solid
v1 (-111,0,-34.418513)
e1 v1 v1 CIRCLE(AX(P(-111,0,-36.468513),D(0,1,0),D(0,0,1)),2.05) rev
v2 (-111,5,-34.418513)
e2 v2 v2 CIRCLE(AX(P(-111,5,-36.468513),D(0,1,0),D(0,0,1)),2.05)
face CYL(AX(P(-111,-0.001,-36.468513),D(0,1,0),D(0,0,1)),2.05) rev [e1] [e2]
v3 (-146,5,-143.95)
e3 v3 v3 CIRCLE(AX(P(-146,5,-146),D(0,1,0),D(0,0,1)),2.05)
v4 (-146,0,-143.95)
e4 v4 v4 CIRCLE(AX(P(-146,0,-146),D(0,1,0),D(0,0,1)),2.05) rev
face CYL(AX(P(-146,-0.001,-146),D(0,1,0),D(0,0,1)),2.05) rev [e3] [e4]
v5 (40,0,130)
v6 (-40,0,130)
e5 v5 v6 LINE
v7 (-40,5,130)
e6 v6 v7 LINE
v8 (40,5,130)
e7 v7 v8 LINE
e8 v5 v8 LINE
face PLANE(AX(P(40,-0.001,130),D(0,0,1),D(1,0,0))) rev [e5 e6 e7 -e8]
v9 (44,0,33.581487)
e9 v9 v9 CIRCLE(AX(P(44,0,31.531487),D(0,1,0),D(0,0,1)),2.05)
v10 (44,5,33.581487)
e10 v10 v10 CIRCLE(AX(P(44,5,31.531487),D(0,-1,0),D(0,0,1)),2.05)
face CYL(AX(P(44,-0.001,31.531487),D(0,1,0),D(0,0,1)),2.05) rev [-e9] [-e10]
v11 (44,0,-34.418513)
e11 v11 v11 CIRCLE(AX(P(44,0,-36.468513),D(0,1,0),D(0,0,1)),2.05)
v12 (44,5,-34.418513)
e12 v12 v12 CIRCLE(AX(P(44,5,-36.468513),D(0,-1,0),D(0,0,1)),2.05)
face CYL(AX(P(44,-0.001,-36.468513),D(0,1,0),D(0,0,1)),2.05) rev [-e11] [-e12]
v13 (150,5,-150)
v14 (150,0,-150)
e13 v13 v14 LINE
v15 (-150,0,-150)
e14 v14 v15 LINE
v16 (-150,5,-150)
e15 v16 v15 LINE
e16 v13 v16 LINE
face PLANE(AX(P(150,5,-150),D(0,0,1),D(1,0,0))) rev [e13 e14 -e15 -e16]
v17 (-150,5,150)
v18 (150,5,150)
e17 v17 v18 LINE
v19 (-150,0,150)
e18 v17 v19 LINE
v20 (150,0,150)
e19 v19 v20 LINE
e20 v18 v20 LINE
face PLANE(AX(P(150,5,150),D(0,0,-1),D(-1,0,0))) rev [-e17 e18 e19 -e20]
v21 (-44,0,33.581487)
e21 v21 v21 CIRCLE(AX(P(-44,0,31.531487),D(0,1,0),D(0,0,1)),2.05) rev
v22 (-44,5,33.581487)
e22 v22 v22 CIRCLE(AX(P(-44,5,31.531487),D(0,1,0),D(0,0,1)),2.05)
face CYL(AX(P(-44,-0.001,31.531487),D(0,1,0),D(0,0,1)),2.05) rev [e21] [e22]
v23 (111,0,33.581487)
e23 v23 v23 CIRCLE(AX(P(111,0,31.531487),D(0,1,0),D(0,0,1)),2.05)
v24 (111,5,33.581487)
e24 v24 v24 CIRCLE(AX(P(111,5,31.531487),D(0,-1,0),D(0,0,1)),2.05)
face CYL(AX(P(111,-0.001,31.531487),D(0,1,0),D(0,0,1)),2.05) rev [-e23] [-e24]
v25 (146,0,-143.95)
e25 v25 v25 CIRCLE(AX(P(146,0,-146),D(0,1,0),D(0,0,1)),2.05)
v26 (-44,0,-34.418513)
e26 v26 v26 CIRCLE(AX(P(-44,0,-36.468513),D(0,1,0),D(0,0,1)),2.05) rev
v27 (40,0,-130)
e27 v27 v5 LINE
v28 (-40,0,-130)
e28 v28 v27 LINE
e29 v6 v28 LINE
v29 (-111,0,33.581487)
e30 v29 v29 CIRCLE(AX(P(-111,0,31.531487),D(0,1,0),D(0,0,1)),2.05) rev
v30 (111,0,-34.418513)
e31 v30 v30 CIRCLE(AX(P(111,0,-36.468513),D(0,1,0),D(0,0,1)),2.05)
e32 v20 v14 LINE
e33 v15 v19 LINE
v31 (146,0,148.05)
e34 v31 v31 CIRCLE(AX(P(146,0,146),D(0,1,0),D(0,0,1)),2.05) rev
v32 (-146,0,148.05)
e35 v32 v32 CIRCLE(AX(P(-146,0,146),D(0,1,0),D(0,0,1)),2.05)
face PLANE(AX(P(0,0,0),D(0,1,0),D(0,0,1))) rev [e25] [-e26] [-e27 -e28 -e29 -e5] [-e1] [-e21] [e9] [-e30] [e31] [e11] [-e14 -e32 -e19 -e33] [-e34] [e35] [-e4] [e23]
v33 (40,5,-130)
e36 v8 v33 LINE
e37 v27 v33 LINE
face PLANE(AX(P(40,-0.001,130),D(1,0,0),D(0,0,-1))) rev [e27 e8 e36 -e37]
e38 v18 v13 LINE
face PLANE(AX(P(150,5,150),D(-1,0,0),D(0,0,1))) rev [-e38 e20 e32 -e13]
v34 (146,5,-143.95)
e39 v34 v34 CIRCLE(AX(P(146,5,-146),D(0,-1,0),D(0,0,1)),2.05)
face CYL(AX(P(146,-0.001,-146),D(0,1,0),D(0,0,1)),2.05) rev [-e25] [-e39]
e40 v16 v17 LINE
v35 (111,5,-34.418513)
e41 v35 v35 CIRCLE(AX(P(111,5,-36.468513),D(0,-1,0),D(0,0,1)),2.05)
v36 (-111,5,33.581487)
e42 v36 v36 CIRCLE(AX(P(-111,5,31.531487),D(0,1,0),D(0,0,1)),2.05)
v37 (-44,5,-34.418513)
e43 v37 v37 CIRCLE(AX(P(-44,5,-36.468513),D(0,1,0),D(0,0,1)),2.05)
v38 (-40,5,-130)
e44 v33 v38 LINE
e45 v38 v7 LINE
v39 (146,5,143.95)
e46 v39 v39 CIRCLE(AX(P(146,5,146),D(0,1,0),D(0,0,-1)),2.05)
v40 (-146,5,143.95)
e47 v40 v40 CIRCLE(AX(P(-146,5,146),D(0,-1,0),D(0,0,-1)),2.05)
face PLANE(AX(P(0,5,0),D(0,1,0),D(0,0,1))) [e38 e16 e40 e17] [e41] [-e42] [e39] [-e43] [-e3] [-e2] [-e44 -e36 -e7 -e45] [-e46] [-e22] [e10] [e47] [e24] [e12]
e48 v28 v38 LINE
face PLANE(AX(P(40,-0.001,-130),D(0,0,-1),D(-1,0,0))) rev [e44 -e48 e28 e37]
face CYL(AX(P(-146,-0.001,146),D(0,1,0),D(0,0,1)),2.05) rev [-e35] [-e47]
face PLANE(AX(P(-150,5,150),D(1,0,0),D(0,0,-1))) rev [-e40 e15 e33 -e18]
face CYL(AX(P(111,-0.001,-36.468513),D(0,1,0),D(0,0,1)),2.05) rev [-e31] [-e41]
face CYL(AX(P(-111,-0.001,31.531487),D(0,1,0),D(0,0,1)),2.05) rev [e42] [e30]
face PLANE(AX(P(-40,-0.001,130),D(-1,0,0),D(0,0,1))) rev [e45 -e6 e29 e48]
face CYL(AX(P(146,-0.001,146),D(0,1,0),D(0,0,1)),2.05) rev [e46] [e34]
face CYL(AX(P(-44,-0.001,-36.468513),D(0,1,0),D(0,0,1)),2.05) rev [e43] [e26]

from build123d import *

# Parameters (mm, degrees)
SKETCH1_W                                  = 300
SKETCH1_H                                  = 300
BOSS_EXTRUDE1_DEPTH                        = 5
CUT_EXTRUDE1_REACH                         = 214.191
SKETCH2_R                                  = 2.05
MIRROR1_AT_THE_SECOND_PLANE_COPY_1_REACH   = 214.191
MIRROR1_AT_THE_SECOND_PLANE_COPY_1_SKETC_R = 2.05
CUT_EXTRUDE2_REACH                         = 214.191
SKETCH3_W                                  = 80
SKETCH3_H                                  = 260
CUT_EXTRUDE3_REACH                         = 214.191
SKETCH4_R                                  = 2.05


with BuildPart() as part:
    # Sketch1 → Boss-Extrude1 (new body)
    with BuildSketch(Plane(origin=(0, 0, 0), x_dir=(1, 0, 0), z_dir=(0, 1, 0))):
        Rectangle(SKETCH1_W, SKETCH1_H)
    extrude(amount=BOSS_EXTRUDE1_DEPTH)

    # Sketch2 → Cut-Extrude1 (cut, up to next)
    with BuildSketch(Plane(origin=(0, 5, 0), x_dir=(1, 0, 0), z_dir=(0, 1, 0)), mode=Mode.PRIVATE) as cut_extrude1_sk1:
        with Locations(Location((-146, 146, 0), (0, 0, 270))):
            Circle(SKETCH2_R)
    cut_extrude1_tool1 = extrude(cut_extrude1_sk1.sketch, amount=-CUT_EXTRUDE1_REACH, mode=Mode.PRIVATE) & part.part
    cut_extrude1 = cut_extrude1_tool1.solids().sort_by_distance((-146, 5, -146))[0]
    add(cut_extrude1, mode=Mode.SUBTRACT)

    # Mirror1: Cut-Extrude1 across plane
    add(cut_extrude1.mirror(Plane(origin=(0, 0, 0), x_dir=(0, 0, 1), z_dir=(1, 0, 0))), mode=Mode.SUBTRACT)

    # Mirror1 at the second plane: Cut-Extrude1 across plane
    add(cut_extrude1.mirror(Plane.XY), mode=Mode.SUBTRACT)

    # Mirror1 at the second plane copy 1 sketc → Mirror1 at the second plane copy 1 (cut, up to next)
    with BuildSketch(Plane(origin=(0, 5, 0), x_dir=(-1, 0, 0), z_dir=(0, 1, 0)), mode=Mode.PRIVATE) as mirror1_at_the_second_plane_copy_1_sk1:
        with Locations(Location((-146, 146, 0), (0, 0, 270))):
            Circle(MIRROR1_AT_THE_SECOND_PLANE_COPY_1_SKETC_R)
    mirror1_at_the_second_plane_copy_1_tool1 = extrude(mirror1_at_the_second_plane_copy_1_sk1.sketch, amount=-MIRROR1_AT_THE_SECOND_PLANE_COPY_1_REACH, mode=Mode.PRIVATE) & part.part
    add(mirror1_at_the_second_plane_copy_1_tool1.solids().sort_by_distance((146, 5, 146))[0], mode=Mode.SUBTRACT)

    # Sketch3 → Cut-Extrude2 (cut, up to next)
    with BuildSketch(Plane(origin=(0, 5, 0), x_dir=(1, 0, 0), z_dir=(0, 1, 0)), mode=Mode.PRIVATE) as cut_extrude2_sk1:
        Rectangle(SKETCH3_W, SKETCH3_H)
    cut_extrude2_tool1 = extrude(cut_extrude2_sk1.sketch, amount=-CUT_EXTRUDE2_REACH, mode=Mode.PRIVATE) & part.part
    add(cut_extrude2_tool1.solids().sort_by_distance((0, 5, 0))[0], mode=Mode.SUBTRACT)

    # Sketch4 → Cut-Extrude3 (cut, up to next)
    with BuildSketch(Plane(origin=(0, 5, 0), x_dir=(1, 0, 0), z_dir=(0, 1, 0)), mode=Mode.PRIVATE) as cut_extrude3_sk1:
        with Locations(Location((-111, 36.46851285, 0), (0, 0, 270))):
            Circle(SKETCH4_R)
    cut_extrude3_tool1 = extrude(cut_extrude3_sk1.sketch, amount=-CUT_EXTRUDE3_REACH, mode=Mode.PRIVATE) & part.part
    # Sketch4 → Cut-Extrude3 (cut, up to next)
    with BuildSketch(Plane(origin=(0, 5, 0), x_dir=(1, 0, 0), z_dir=(0, 1, 0)), mode=Mode.PRIVATE) as cut_extrude3_sk2:
        with Locations(Location((-44, 36.46851285, 0), (0, 0, 270))):
            Circle(SKETCH4_R)
    cut_extrude3_tool2 = extrude(cut_extrude3_sk2.sketch, amount=-CUT_EXTRUDE3_REACH, mode=Mode.PRIVATE) & part.part
    # Sketch4 → Cut-Extrude3 (cut, up to next)
    with BuildSketch(Plane(origin=(0, 5, 0), x_dir=(1, 0, 0), z_dir=(0, 1, 0)), mode=Mode.PRIVATE) as cut_extrude3_sk3:
        with Locations(Location((-44, -31.53148715, 0), (0, 0, 270))):
            Circle(SKETCH4_R)
    cut_extrude3_tool3 = extrude(cut_extrude3_sk3.sketch, amount=-CUT_EXTRUDE3_REACH, mode=Mode.PRIVATE) & part.part
    # Sketch4 → Cut-Extrude3 (cut, up to next)
    with BuildSketch(Plane(origin=(0, 5, 0), x_dir=(1, 0, 0), z_dir=(0, 1, 0)), mode=Mode.PRIVATE) as cut_extrude3_sk4:
        with Locations(Location((-111, -31.53148715, 0), (0, 0, 270))):
            Circle(SKETCH4_R)
    cut_extrude3_tool4 = extrude(cut_extrude3_sk4.sketch, amount=-CUT_EXTRUDE3_REACH, mode=Mode.PRIVATE) & part.part
    cut_extrude3_1 = cut_extrude3_tool1.solids().sort_by_distance((-111, 5, -36.468513))[0]
    add(cut_extrude3_1, mode=Mode.SUBTRACT)
    cut_extrude3_2 = cut_extrude3_tool2.solids().sort_by_distance((-44, 5, -36.468513))[0]
    add(cut_extrude3_2, mode=Mode.SUBTRACT)
    cut_extrude3_3 = cut_extrude3_tool3.solids().sort_by_distance((-44, 5, 31.531487))[0]
    add(cut_extrude3_3, mode=Mode.SUBTRACT)
    cut_extrude3_4 = cut_extrude3_tool4.solids().sort_by_distance((-111, 5, 31.531487))[0]
    add(cut_extrude3_4, mode=Mode.SUBTRACT)
    cut_extrude3 = cut_extrude3_1 + cut_extrude3_2 + cut_extrude3_3 + cut_extrude3_4  # Cut-Extrude3 as one shape, for the pattern or mirror that repeats it

    # Mirror2: Cut-Extrude3 across plane
    add(cut_extrude3.mirror(Plane(origin=(0, 0, 0), x_dir=(0, 0, 1), z_dir=(1, 0, 0))), mode=Mode.SUBTRACT)


solid = part.part
